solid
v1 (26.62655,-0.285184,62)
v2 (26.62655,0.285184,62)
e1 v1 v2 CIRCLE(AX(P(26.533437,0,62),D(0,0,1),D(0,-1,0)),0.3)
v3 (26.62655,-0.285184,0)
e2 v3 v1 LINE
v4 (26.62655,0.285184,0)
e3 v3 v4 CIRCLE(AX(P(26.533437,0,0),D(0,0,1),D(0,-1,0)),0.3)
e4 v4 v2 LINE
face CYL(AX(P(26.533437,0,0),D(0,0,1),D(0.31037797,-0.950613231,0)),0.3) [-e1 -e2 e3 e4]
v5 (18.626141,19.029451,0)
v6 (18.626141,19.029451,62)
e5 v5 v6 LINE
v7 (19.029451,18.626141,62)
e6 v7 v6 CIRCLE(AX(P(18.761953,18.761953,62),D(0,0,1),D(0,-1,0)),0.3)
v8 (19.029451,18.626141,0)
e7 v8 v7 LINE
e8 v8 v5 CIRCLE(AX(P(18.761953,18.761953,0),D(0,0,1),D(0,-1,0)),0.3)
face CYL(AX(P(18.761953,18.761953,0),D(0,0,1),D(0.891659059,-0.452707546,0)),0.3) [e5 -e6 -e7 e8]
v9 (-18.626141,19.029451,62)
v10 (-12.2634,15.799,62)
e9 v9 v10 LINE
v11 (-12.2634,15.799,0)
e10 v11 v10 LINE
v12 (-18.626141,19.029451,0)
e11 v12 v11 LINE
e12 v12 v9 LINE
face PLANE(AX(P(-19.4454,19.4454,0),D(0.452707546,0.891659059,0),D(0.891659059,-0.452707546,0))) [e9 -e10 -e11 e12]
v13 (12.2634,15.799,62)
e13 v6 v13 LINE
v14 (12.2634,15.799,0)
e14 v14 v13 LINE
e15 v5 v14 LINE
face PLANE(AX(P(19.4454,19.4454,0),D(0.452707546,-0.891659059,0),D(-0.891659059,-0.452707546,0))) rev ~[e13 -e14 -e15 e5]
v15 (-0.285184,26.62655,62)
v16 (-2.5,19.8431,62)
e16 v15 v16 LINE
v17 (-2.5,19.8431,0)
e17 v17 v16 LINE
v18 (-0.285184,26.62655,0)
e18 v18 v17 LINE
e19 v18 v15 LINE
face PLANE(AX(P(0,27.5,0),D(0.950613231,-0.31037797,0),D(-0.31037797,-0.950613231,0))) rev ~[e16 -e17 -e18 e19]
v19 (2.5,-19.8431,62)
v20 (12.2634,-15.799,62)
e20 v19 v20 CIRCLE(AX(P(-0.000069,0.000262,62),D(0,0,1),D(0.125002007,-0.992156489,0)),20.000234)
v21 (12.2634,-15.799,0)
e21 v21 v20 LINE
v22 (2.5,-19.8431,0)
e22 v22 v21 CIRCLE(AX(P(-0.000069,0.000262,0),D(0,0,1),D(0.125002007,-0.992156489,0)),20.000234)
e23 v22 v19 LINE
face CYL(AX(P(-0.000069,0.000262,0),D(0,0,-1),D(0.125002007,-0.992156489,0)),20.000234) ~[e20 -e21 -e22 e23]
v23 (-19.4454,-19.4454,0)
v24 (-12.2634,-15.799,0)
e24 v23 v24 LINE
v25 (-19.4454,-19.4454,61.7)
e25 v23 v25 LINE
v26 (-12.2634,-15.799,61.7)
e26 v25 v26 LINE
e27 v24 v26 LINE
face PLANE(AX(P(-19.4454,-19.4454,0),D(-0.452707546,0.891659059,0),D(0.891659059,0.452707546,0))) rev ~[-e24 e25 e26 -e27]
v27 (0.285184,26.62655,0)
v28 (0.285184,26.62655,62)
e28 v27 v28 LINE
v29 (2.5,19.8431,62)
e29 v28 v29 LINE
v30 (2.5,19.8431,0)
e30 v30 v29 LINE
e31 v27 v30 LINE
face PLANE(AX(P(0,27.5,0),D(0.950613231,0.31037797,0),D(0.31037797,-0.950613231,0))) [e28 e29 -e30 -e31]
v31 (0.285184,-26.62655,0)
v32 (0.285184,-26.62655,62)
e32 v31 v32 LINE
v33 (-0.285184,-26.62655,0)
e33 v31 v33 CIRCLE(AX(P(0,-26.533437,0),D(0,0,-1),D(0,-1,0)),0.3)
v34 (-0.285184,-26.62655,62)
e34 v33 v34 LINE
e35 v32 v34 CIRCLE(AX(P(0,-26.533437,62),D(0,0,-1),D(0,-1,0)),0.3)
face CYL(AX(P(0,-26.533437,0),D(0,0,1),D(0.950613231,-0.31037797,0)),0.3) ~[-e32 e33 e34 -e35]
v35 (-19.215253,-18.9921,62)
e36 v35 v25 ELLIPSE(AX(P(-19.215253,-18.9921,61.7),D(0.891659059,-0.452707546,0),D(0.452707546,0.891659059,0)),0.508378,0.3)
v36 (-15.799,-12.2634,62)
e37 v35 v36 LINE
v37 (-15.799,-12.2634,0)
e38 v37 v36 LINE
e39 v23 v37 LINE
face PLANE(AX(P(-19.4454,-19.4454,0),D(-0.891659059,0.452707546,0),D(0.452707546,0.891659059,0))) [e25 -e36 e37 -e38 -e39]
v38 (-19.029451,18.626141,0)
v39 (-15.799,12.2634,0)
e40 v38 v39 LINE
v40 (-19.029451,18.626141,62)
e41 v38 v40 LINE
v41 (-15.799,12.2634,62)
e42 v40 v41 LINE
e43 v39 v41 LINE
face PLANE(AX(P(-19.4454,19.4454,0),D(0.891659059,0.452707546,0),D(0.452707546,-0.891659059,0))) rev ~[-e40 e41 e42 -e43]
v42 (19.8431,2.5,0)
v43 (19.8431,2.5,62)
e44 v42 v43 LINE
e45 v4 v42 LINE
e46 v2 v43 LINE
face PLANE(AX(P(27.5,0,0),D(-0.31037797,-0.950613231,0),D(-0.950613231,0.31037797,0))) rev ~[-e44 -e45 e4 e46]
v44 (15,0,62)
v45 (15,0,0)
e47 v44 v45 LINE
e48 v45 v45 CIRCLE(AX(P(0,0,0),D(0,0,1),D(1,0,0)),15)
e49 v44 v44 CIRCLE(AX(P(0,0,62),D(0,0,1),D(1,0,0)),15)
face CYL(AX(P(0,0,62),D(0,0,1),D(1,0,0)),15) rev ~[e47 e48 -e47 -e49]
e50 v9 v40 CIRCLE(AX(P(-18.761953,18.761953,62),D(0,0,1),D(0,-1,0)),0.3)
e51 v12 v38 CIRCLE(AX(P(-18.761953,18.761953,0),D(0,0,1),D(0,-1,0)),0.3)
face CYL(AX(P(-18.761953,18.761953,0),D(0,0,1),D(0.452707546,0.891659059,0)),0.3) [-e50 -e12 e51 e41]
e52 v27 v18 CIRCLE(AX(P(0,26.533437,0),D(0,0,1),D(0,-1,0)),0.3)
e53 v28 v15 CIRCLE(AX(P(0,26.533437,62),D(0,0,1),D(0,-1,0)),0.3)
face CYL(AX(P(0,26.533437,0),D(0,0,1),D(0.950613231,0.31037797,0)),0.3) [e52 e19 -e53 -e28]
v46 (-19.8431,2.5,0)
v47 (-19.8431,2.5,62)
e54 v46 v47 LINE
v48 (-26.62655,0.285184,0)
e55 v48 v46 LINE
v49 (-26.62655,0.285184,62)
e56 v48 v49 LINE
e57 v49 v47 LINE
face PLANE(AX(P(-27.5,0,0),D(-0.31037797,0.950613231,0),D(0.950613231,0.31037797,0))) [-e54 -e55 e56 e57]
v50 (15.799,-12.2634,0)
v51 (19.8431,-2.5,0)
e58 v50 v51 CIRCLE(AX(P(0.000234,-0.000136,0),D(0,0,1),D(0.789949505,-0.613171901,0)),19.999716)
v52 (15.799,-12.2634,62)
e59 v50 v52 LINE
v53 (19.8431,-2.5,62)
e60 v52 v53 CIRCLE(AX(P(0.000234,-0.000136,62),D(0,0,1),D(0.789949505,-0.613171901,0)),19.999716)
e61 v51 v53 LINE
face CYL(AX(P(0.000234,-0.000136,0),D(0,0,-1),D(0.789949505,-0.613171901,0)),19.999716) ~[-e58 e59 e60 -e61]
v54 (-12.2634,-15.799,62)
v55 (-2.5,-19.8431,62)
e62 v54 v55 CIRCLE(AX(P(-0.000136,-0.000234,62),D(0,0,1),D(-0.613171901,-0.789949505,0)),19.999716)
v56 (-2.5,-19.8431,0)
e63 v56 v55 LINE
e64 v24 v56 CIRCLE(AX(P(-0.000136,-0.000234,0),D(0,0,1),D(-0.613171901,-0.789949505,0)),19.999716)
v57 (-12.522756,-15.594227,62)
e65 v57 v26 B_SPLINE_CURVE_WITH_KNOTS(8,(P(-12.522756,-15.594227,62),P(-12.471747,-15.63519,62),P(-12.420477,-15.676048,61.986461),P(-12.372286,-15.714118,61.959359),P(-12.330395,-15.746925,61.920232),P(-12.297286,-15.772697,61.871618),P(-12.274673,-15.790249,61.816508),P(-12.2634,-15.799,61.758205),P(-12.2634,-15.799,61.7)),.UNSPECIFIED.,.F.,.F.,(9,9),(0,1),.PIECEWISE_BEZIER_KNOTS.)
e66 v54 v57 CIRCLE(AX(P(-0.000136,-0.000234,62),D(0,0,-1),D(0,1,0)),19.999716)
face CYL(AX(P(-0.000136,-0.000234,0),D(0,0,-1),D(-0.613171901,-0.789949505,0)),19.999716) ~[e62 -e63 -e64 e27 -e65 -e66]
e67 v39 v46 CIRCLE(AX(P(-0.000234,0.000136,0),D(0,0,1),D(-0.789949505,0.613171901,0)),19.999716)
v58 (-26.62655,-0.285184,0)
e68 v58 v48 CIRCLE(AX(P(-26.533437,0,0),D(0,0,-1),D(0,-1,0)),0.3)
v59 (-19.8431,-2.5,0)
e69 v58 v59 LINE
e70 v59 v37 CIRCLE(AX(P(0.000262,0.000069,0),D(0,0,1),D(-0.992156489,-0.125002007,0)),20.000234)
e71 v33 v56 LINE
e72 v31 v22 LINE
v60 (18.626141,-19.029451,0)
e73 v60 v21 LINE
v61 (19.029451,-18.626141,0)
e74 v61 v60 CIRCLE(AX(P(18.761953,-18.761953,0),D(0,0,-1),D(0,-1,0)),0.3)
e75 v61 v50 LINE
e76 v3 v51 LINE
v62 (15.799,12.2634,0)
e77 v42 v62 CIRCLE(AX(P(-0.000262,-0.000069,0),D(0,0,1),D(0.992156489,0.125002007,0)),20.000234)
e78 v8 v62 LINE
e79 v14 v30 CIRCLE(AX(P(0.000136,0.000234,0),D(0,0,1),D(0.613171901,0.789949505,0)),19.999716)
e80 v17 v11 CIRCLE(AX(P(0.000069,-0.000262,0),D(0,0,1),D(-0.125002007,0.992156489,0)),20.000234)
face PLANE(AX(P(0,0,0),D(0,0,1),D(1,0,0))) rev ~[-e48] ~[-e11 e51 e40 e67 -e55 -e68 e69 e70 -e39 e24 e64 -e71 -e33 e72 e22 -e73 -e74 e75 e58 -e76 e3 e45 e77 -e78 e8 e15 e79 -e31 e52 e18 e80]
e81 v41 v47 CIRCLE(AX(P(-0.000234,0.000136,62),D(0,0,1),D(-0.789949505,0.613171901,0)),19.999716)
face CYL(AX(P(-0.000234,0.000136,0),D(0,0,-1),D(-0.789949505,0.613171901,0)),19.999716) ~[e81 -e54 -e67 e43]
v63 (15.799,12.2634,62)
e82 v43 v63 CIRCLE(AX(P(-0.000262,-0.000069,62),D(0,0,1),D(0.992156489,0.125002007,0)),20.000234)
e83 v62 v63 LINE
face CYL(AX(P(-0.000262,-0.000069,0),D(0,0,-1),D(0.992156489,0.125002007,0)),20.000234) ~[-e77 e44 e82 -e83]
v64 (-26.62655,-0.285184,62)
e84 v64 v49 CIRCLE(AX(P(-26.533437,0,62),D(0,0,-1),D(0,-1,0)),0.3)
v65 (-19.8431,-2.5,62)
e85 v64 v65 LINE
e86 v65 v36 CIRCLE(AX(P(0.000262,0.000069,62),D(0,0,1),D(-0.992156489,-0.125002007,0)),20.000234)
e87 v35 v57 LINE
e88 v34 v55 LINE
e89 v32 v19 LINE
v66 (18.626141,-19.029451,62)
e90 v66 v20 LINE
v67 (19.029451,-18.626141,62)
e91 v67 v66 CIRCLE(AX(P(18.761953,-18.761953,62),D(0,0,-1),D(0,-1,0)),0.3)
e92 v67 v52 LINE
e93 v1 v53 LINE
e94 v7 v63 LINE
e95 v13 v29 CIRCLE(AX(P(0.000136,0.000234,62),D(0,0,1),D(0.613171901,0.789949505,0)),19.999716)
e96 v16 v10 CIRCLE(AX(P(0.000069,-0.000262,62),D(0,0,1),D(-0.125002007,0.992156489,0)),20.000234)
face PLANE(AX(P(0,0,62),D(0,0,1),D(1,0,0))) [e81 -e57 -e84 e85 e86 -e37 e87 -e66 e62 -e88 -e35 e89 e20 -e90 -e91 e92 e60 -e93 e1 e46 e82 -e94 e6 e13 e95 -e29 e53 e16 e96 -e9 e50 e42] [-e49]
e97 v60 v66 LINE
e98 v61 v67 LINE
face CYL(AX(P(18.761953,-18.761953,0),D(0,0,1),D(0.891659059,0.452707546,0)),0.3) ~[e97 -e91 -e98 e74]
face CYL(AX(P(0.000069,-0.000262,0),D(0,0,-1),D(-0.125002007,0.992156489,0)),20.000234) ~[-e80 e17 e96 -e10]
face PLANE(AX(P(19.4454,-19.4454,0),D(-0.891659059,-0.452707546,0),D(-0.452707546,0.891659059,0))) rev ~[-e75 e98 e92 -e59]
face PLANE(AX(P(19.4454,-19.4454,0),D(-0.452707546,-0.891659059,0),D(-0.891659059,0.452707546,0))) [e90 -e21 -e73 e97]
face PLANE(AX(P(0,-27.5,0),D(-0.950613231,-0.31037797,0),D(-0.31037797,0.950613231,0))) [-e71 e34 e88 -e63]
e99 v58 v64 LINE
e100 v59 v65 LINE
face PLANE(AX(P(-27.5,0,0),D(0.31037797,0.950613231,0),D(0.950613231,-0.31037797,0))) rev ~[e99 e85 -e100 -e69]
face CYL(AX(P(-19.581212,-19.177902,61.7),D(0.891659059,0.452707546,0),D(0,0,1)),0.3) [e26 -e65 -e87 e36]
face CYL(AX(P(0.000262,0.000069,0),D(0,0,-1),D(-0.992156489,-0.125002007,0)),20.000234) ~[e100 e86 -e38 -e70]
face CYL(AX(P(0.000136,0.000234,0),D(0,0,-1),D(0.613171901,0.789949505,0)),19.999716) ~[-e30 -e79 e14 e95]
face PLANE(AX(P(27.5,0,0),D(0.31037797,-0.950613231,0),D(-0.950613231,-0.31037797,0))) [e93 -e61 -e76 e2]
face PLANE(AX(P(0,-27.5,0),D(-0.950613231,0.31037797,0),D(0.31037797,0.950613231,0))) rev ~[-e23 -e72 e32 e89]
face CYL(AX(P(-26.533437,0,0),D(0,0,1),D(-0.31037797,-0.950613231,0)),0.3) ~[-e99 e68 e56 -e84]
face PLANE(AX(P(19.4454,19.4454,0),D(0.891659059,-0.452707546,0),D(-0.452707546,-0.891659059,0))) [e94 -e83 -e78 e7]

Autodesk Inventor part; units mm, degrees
ref_plane "YZ Plane" through (0, 0, 0) normal (1, 0, 0) x (0, 1, 0)
ref_plane "XZ Plane" through (0, 0, 0) normal (0, 1, 0) x (-1, 0, 0)
ref_plane "XY Plane" through (0, 0, 0) normal (0, 0, 1) x (1, 0, 0)
sketch "草图1" plane through (0, 0, 0) normal (0, 0, 1) x (1, 0, 0)
  circle A0 centre (0, 0) radius 27.5
  line L0 (27.5, 0) -> (19.8431, 2.5)
  line L1 (0, 0) -> (42.7409, 0) construction
  line L2 (27.5, 0) -> (19.8431, -2.5)
  line L3 (19.4454, 19.4454) -> (12.2634, 15.799)
  line L4 (19.4454, 19.4454) -> (15.799, 12.2634)
  line L5 (0, 27.5) -> (-2.5, 19.8431)
  line L6 (0, 27.5) -> (2.5, 19.8431)
  line L7 (-19.4454, 19.4454) -> (-15.799, 12.2634)
  line L8 (-19.4454, 19.4454) -> (-12.2634, 15.799)
  line L9 (-27.5, 0) -> (-19.8431, -2.5)
  line L10 (-27.5, 0) -> (-19.8431, 2.5)
  line L11 (-19.4454, -19.4454) -> (-12.2634, -15.799)
  line L12 (-19.4454, -19.4454) -> (-15.799, -12.2634)
  line L13 (0, -27.5) -> (2.5, -19.8431)
  line L14 (0, -27.5) -> (-2.5, -19.8431)
  line L15 (19.4454, -19.4454) -> (15.799, -12.2634)
  line L16 (19.4454, -19.4454) -> (12.2634, -15.799)
  arc A1 (19.8431, 2.5) -> (15.799, 12.2634) centre (0, 0) ccw
  arc A2 (15.799, -12.2634) -> (19.8431, -2.5) centre (0, 0) ccw
  arc A3 (2.5, -19.8431) -> (12.2634, -15.799) centre (0, 0) ccw
  arc A4 (-12.2634, -15.799) -> (-2.5, -19.8431) centre (0, 0) ccw
  arc A5 (-19.8431, -2.5) -> (-15.799, -12.2634) centre (0, 0) ccw
  arc A6 (-15.799, 12.2634) -> (-19.8431, 2.5) centre (0, 0) ccw
  arc A7 (12.2634, 15.799) -> (2.5, 19.8431) centre (0, 0) ccw
  arc A8 (-2.5, 19.8431) -> (-12.2634, 15.799) centre (0, 0) ccw
  dimension "d1" = 55
  dimension "d2" = 2.5
  dimension "d5" = 360
extrude "拉伸1" add sketch "草图1" along normal blind 62 contours L2 A2 L15 L16 A3 L13 L14 A4 L11 L12 A5 L9 L10 A6 L7 L8 A8 L5 L6 A7 L3 L4 A1 L0
sketch "草图2" plane through (0, 0, 62) normal (0, 0, 1) x (1, 0, 0)
  circle A0 centre (0, 0) radius 15
  dimension "d9" = 30
extrude "拉伸2" cut sketch "草图2" against normal through all
fillet "圆角1" radius 0.3 8 edges at (19.4454, 19.4454, 31) (0, 27.5, 31) (27.5, 0, 31) (19.4454, -19.4454, 31) (0, -27.5, 31) (-15.8544, -17.6222, 62) (-27.5, 0, 31) (-19.4454, 19.4454, 31)
properties part number "滚轮设计" material "橡胶"
